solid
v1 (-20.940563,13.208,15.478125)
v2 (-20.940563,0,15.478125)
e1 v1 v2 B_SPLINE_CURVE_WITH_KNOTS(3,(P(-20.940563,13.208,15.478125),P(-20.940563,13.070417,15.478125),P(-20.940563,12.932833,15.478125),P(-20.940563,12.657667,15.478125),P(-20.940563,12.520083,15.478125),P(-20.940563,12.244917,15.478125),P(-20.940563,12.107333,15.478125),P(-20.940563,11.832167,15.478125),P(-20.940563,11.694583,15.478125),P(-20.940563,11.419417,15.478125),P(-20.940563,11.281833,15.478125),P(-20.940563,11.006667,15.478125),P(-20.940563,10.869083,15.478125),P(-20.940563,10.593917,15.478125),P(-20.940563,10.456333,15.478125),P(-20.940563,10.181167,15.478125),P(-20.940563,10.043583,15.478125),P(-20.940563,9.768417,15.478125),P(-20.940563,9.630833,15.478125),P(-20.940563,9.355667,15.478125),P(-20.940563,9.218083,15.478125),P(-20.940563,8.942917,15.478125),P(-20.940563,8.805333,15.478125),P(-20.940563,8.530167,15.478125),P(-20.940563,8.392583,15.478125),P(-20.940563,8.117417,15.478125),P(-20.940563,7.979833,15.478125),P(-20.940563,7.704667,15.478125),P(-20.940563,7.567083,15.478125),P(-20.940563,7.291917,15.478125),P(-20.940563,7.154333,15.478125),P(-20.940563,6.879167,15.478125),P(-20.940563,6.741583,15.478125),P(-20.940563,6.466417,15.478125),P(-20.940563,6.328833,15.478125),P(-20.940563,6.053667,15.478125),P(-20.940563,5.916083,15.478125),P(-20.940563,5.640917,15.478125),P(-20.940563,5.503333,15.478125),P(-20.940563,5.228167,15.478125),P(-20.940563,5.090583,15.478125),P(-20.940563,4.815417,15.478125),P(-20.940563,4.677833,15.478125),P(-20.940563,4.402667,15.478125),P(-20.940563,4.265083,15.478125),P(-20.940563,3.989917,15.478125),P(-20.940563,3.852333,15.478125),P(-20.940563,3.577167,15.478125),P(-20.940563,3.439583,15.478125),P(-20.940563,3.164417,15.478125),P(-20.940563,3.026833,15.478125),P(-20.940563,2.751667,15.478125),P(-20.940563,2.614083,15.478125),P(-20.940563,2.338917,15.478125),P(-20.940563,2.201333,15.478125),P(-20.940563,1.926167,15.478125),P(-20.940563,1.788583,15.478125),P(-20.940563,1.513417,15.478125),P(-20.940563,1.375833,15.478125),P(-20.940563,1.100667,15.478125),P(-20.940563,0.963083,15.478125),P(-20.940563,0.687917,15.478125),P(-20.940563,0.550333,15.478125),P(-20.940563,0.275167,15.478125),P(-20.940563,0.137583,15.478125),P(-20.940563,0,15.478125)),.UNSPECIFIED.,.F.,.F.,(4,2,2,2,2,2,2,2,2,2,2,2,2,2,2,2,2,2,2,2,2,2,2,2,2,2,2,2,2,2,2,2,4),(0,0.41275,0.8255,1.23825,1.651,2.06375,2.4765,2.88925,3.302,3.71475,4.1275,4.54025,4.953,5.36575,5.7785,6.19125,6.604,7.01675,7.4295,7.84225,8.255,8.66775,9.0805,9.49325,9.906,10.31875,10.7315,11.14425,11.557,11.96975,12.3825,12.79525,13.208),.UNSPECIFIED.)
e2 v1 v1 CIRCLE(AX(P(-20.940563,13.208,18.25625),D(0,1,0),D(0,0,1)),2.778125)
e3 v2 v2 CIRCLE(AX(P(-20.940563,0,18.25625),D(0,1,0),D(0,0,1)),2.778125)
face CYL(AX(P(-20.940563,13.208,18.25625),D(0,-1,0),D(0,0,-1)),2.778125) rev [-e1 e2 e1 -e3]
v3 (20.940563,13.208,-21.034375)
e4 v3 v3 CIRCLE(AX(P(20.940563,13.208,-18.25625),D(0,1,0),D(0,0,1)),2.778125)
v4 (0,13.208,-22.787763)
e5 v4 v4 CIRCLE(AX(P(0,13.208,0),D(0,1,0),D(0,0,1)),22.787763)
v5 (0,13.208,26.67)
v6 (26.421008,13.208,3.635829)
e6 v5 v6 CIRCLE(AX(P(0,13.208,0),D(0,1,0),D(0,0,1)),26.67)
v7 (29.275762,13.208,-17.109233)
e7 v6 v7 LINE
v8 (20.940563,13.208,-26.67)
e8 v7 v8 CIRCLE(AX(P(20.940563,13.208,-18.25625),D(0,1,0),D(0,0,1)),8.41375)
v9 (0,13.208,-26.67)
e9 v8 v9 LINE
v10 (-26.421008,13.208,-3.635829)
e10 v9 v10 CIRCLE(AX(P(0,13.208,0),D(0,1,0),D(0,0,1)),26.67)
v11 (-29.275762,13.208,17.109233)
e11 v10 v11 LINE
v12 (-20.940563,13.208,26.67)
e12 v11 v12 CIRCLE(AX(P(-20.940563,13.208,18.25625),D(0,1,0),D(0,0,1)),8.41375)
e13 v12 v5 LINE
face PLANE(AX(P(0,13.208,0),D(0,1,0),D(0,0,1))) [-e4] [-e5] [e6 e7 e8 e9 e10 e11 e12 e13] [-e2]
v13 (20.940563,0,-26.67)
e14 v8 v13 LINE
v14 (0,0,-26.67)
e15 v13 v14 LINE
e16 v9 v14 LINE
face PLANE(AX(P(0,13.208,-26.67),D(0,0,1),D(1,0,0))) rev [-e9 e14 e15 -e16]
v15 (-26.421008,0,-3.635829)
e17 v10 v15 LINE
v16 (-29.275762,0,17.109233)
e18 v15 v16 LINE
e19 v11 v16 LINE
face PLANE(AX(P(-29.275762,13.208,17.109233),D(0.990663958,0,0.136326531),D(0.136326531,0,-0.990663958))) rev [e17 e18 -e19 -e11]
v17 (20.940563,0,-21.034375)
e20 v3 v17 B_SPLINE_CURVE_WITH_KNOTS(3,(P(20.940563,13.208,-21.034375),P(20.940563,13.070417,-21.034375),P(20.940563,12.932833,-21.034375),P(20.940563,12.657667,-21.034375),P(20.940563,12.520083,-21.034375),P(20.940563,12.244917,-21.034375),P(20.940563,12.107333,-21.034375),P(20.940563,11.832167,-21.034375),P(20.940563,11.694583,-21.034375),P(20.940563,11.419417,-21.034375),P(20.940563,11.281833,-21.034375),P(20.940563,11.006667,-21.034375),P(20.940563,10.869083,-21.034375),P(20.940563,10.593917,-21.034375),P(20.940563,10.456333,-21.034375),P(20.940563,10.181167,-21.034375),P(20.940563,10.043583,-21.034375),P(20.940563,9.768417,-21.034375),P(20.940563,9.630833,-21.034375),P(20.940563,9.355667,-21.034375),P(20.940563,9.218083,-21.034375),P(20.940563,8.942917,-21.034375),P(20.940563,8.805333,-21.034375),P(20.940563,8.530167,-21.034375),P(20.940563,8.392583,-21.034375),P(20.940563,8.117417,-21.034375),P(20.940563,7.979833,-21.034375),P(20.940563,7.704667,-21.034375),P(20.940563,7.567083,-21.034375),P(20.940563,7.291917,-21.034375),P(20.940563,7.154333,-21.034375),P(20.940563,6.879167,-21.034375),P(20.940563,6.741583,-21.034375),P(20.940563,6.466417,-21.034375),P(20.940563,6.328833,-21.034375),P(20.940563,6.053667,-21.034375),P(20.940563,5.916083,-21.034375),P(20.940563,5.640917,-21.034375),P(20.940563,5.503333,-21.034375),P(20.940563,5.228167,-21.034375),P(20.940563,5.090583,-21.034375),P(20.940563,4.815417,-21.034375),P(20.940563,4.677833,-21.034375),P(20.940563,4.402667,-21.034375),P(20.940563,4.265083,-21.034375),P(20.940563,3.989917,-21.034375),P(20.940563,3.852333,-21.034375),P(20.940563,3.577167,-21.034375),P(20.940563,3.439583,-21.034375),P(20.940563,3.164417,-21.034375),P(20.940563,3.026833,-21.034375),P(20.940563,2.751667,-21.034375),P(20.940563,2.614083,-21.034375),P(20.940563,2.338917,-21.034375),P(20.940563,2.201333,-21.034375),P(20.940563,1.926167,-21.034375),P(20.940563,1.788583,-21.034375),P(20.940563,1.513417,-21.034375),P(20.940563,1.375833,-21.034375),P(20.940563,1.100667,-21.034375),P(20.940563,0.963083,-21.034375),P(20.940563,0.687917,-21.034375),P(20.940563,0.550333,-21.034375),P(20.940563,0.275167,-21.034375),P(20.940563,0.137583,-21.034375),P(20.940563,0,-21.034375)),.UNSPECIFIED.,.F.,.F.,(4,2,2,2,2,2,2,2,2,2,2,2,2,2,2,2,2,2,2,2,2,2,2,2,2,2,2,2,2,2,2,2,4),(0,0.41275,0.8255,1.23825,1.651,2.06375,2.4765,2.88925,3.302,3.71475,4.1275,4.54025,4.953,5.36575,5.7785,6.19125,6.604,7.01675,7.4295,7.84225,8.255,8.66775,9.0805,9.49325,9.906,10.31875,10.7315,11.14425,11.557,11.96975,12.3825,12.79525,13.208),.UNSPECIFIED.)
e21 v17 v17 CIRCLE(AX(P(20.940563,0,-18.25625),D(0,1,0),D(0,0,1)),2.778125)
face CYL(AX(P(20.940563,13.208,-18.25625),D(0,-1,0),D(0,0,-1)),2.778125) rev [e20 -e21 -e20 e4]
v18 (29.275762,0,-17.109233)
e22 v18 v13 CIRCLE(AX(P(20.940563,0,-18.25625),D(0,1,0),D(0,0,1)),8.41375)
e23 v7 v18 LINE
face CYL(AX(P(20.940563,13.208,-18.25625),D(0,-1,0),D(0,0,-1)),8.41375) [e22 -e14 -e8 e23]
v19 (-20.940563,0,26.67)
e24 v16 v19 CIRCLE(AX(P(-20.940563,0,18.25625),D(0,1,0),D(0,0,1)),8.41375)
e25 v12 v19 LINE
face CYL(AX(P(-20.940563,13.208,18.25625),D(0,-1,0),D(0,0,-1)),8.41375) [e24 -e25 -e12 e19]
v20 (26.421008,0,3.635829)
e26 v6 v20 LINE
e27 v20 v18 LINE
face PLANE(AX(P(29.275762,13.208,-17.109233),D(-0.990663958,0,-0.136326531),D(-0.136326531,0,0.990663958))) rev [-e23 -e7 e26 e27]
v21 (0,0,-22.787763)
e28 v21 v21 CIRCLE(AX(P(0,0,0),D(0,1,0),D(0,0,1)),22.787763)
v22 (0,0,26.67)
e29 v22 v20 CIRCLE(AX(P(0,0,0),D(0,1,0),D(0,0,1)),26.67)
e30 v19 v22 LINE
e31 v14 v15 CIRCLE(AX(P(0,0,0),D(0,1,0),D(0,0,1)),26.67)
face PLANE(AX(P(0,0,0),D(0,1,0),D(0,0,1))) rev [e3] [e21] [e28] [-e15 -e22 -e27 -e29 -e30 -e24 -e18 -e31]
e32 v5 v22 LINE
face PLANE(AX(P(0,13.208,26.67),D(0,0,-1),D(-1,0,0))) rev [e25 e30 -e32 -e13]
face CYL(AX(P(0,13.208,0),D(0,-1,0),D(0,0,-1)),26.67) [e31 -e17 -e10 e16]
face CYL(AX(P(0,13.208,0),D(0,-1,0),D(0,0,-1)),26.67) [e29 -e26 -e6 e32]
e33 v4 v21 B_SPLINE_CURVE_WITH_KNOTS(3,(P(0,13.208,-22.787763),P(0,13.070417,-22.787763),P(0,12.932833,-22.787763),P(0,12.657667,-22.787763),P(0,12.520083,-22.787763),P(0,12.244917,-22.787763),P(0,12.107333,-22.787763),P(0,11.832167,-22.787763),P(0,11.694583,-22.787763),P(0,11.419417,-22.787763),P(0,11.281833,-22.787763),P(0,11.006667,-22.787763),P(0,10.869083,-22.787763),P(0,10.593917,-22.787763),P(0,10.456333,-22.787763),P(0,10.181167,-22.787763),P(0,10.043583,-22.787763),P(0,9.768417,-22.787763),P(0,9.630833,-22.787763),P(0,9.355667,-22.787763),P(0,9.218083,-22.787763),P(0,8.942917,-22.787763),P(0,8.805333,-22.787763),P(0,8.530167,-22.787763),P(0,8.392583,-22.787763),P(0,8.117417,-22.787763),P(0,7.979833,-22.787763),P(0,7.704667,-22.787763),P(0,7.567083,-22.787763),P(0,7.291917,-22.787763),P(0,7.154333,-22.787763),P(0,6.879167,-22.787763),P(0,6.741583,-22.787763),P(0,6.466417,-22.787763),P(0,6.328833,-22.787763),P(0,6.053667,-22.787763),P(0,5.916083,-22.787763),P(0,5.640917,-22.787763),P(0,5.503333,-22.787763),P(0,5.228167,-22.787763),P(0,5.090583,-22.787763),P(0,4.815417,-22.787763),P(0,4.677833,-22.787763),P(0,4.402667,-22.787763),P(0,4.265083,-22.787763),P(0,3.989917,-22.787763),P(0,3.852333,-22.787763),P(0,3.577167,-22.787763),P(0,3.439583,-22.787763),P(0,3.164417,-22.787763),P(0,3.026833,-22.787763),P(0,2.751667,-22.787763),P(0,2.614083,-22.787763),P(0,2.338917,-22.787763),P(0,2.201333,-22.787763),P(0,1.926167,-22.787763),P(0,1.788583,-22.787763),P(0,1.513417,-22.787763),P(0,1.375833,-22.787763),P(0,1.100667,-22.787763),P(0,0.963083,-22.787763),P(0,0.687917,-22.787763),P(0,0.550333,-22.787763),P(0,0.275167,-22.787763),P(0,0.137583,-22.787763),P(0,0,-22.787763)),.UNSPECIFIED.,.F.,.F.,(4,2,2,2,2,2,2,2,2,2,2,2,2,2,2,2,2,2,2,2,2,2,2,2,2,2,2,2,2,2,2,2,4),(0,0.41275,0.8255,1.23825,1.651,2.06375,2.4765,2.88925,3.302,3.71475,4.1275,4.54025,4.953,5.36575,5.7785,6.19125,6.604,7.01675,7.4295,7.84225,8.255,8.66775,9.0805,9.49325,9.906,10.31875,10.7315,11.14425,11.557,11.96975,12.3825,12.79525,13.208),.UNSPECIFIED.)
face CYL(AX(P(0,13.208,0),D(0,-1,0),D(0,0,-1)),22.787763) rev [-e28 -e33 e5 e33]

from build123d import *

# Parameters (mm, degrees)
SKETCH1_R           = 2.778125
SKETCH1_R_2         = 22.787762628
BOSS_EXTRUDE1_DEPTH = 13.208


with BuildPart() as part:
    # Sketch1 → Boss-Extrude1 (new body)
    with BuildSketch(Plane(origin=(0, 0, 0), x_dir=(1, 0, 0), z_dir=(0, 1, 0))):
        with BuildLine():
            Line((-29.275762083, -17.109232653), (-26.421007751, 3.635828571))
            ThreePointArc((-26.421007751, 3.635828571), (-17.526, 20.10294068), (0, 26.67))
            Line((0, 26.67), (20.940563209, 26.67))
            ThreePointArc((20.940563209, 26.67), (27.282562352, 23.785285714), (29.275762083, 17.109232653))
            Line((29.275762083, 17.109232653), (26.421007751, -3.635828571))
            ThreePointArc((26.421007751, -3.635828571), (17.526, -20.10294068), (0, -26.67))
            Line((0, -26.67), (-20.940563209, -26.67))
            ThreePointArc((-20.940563209, -26.67), (-27.282562352, -23.785285714), (-29.275762083, -17.109232653))
        make_face()
        with Locations(Location((20.940563209, 18.25625, 0), (0, 0, 90))):
            Circle(SKETCH1_R, mode=Mode.SUBTRACT)
        with Locations(Location((-20.940563209, -18.25625, 0), (0, 0, 90))):
            Circle(SKETCH1_R, mode=Mode.SUBTRACT)
        with Locations(Location((0, 0, 0), (0, 0, 90))):
            Circle(SKETCH1_R_2, mode=Mode.SUBTRACT)
    extrude(amount=BOSS_EXTRUDE1_DEPTH)


solid = part.part
